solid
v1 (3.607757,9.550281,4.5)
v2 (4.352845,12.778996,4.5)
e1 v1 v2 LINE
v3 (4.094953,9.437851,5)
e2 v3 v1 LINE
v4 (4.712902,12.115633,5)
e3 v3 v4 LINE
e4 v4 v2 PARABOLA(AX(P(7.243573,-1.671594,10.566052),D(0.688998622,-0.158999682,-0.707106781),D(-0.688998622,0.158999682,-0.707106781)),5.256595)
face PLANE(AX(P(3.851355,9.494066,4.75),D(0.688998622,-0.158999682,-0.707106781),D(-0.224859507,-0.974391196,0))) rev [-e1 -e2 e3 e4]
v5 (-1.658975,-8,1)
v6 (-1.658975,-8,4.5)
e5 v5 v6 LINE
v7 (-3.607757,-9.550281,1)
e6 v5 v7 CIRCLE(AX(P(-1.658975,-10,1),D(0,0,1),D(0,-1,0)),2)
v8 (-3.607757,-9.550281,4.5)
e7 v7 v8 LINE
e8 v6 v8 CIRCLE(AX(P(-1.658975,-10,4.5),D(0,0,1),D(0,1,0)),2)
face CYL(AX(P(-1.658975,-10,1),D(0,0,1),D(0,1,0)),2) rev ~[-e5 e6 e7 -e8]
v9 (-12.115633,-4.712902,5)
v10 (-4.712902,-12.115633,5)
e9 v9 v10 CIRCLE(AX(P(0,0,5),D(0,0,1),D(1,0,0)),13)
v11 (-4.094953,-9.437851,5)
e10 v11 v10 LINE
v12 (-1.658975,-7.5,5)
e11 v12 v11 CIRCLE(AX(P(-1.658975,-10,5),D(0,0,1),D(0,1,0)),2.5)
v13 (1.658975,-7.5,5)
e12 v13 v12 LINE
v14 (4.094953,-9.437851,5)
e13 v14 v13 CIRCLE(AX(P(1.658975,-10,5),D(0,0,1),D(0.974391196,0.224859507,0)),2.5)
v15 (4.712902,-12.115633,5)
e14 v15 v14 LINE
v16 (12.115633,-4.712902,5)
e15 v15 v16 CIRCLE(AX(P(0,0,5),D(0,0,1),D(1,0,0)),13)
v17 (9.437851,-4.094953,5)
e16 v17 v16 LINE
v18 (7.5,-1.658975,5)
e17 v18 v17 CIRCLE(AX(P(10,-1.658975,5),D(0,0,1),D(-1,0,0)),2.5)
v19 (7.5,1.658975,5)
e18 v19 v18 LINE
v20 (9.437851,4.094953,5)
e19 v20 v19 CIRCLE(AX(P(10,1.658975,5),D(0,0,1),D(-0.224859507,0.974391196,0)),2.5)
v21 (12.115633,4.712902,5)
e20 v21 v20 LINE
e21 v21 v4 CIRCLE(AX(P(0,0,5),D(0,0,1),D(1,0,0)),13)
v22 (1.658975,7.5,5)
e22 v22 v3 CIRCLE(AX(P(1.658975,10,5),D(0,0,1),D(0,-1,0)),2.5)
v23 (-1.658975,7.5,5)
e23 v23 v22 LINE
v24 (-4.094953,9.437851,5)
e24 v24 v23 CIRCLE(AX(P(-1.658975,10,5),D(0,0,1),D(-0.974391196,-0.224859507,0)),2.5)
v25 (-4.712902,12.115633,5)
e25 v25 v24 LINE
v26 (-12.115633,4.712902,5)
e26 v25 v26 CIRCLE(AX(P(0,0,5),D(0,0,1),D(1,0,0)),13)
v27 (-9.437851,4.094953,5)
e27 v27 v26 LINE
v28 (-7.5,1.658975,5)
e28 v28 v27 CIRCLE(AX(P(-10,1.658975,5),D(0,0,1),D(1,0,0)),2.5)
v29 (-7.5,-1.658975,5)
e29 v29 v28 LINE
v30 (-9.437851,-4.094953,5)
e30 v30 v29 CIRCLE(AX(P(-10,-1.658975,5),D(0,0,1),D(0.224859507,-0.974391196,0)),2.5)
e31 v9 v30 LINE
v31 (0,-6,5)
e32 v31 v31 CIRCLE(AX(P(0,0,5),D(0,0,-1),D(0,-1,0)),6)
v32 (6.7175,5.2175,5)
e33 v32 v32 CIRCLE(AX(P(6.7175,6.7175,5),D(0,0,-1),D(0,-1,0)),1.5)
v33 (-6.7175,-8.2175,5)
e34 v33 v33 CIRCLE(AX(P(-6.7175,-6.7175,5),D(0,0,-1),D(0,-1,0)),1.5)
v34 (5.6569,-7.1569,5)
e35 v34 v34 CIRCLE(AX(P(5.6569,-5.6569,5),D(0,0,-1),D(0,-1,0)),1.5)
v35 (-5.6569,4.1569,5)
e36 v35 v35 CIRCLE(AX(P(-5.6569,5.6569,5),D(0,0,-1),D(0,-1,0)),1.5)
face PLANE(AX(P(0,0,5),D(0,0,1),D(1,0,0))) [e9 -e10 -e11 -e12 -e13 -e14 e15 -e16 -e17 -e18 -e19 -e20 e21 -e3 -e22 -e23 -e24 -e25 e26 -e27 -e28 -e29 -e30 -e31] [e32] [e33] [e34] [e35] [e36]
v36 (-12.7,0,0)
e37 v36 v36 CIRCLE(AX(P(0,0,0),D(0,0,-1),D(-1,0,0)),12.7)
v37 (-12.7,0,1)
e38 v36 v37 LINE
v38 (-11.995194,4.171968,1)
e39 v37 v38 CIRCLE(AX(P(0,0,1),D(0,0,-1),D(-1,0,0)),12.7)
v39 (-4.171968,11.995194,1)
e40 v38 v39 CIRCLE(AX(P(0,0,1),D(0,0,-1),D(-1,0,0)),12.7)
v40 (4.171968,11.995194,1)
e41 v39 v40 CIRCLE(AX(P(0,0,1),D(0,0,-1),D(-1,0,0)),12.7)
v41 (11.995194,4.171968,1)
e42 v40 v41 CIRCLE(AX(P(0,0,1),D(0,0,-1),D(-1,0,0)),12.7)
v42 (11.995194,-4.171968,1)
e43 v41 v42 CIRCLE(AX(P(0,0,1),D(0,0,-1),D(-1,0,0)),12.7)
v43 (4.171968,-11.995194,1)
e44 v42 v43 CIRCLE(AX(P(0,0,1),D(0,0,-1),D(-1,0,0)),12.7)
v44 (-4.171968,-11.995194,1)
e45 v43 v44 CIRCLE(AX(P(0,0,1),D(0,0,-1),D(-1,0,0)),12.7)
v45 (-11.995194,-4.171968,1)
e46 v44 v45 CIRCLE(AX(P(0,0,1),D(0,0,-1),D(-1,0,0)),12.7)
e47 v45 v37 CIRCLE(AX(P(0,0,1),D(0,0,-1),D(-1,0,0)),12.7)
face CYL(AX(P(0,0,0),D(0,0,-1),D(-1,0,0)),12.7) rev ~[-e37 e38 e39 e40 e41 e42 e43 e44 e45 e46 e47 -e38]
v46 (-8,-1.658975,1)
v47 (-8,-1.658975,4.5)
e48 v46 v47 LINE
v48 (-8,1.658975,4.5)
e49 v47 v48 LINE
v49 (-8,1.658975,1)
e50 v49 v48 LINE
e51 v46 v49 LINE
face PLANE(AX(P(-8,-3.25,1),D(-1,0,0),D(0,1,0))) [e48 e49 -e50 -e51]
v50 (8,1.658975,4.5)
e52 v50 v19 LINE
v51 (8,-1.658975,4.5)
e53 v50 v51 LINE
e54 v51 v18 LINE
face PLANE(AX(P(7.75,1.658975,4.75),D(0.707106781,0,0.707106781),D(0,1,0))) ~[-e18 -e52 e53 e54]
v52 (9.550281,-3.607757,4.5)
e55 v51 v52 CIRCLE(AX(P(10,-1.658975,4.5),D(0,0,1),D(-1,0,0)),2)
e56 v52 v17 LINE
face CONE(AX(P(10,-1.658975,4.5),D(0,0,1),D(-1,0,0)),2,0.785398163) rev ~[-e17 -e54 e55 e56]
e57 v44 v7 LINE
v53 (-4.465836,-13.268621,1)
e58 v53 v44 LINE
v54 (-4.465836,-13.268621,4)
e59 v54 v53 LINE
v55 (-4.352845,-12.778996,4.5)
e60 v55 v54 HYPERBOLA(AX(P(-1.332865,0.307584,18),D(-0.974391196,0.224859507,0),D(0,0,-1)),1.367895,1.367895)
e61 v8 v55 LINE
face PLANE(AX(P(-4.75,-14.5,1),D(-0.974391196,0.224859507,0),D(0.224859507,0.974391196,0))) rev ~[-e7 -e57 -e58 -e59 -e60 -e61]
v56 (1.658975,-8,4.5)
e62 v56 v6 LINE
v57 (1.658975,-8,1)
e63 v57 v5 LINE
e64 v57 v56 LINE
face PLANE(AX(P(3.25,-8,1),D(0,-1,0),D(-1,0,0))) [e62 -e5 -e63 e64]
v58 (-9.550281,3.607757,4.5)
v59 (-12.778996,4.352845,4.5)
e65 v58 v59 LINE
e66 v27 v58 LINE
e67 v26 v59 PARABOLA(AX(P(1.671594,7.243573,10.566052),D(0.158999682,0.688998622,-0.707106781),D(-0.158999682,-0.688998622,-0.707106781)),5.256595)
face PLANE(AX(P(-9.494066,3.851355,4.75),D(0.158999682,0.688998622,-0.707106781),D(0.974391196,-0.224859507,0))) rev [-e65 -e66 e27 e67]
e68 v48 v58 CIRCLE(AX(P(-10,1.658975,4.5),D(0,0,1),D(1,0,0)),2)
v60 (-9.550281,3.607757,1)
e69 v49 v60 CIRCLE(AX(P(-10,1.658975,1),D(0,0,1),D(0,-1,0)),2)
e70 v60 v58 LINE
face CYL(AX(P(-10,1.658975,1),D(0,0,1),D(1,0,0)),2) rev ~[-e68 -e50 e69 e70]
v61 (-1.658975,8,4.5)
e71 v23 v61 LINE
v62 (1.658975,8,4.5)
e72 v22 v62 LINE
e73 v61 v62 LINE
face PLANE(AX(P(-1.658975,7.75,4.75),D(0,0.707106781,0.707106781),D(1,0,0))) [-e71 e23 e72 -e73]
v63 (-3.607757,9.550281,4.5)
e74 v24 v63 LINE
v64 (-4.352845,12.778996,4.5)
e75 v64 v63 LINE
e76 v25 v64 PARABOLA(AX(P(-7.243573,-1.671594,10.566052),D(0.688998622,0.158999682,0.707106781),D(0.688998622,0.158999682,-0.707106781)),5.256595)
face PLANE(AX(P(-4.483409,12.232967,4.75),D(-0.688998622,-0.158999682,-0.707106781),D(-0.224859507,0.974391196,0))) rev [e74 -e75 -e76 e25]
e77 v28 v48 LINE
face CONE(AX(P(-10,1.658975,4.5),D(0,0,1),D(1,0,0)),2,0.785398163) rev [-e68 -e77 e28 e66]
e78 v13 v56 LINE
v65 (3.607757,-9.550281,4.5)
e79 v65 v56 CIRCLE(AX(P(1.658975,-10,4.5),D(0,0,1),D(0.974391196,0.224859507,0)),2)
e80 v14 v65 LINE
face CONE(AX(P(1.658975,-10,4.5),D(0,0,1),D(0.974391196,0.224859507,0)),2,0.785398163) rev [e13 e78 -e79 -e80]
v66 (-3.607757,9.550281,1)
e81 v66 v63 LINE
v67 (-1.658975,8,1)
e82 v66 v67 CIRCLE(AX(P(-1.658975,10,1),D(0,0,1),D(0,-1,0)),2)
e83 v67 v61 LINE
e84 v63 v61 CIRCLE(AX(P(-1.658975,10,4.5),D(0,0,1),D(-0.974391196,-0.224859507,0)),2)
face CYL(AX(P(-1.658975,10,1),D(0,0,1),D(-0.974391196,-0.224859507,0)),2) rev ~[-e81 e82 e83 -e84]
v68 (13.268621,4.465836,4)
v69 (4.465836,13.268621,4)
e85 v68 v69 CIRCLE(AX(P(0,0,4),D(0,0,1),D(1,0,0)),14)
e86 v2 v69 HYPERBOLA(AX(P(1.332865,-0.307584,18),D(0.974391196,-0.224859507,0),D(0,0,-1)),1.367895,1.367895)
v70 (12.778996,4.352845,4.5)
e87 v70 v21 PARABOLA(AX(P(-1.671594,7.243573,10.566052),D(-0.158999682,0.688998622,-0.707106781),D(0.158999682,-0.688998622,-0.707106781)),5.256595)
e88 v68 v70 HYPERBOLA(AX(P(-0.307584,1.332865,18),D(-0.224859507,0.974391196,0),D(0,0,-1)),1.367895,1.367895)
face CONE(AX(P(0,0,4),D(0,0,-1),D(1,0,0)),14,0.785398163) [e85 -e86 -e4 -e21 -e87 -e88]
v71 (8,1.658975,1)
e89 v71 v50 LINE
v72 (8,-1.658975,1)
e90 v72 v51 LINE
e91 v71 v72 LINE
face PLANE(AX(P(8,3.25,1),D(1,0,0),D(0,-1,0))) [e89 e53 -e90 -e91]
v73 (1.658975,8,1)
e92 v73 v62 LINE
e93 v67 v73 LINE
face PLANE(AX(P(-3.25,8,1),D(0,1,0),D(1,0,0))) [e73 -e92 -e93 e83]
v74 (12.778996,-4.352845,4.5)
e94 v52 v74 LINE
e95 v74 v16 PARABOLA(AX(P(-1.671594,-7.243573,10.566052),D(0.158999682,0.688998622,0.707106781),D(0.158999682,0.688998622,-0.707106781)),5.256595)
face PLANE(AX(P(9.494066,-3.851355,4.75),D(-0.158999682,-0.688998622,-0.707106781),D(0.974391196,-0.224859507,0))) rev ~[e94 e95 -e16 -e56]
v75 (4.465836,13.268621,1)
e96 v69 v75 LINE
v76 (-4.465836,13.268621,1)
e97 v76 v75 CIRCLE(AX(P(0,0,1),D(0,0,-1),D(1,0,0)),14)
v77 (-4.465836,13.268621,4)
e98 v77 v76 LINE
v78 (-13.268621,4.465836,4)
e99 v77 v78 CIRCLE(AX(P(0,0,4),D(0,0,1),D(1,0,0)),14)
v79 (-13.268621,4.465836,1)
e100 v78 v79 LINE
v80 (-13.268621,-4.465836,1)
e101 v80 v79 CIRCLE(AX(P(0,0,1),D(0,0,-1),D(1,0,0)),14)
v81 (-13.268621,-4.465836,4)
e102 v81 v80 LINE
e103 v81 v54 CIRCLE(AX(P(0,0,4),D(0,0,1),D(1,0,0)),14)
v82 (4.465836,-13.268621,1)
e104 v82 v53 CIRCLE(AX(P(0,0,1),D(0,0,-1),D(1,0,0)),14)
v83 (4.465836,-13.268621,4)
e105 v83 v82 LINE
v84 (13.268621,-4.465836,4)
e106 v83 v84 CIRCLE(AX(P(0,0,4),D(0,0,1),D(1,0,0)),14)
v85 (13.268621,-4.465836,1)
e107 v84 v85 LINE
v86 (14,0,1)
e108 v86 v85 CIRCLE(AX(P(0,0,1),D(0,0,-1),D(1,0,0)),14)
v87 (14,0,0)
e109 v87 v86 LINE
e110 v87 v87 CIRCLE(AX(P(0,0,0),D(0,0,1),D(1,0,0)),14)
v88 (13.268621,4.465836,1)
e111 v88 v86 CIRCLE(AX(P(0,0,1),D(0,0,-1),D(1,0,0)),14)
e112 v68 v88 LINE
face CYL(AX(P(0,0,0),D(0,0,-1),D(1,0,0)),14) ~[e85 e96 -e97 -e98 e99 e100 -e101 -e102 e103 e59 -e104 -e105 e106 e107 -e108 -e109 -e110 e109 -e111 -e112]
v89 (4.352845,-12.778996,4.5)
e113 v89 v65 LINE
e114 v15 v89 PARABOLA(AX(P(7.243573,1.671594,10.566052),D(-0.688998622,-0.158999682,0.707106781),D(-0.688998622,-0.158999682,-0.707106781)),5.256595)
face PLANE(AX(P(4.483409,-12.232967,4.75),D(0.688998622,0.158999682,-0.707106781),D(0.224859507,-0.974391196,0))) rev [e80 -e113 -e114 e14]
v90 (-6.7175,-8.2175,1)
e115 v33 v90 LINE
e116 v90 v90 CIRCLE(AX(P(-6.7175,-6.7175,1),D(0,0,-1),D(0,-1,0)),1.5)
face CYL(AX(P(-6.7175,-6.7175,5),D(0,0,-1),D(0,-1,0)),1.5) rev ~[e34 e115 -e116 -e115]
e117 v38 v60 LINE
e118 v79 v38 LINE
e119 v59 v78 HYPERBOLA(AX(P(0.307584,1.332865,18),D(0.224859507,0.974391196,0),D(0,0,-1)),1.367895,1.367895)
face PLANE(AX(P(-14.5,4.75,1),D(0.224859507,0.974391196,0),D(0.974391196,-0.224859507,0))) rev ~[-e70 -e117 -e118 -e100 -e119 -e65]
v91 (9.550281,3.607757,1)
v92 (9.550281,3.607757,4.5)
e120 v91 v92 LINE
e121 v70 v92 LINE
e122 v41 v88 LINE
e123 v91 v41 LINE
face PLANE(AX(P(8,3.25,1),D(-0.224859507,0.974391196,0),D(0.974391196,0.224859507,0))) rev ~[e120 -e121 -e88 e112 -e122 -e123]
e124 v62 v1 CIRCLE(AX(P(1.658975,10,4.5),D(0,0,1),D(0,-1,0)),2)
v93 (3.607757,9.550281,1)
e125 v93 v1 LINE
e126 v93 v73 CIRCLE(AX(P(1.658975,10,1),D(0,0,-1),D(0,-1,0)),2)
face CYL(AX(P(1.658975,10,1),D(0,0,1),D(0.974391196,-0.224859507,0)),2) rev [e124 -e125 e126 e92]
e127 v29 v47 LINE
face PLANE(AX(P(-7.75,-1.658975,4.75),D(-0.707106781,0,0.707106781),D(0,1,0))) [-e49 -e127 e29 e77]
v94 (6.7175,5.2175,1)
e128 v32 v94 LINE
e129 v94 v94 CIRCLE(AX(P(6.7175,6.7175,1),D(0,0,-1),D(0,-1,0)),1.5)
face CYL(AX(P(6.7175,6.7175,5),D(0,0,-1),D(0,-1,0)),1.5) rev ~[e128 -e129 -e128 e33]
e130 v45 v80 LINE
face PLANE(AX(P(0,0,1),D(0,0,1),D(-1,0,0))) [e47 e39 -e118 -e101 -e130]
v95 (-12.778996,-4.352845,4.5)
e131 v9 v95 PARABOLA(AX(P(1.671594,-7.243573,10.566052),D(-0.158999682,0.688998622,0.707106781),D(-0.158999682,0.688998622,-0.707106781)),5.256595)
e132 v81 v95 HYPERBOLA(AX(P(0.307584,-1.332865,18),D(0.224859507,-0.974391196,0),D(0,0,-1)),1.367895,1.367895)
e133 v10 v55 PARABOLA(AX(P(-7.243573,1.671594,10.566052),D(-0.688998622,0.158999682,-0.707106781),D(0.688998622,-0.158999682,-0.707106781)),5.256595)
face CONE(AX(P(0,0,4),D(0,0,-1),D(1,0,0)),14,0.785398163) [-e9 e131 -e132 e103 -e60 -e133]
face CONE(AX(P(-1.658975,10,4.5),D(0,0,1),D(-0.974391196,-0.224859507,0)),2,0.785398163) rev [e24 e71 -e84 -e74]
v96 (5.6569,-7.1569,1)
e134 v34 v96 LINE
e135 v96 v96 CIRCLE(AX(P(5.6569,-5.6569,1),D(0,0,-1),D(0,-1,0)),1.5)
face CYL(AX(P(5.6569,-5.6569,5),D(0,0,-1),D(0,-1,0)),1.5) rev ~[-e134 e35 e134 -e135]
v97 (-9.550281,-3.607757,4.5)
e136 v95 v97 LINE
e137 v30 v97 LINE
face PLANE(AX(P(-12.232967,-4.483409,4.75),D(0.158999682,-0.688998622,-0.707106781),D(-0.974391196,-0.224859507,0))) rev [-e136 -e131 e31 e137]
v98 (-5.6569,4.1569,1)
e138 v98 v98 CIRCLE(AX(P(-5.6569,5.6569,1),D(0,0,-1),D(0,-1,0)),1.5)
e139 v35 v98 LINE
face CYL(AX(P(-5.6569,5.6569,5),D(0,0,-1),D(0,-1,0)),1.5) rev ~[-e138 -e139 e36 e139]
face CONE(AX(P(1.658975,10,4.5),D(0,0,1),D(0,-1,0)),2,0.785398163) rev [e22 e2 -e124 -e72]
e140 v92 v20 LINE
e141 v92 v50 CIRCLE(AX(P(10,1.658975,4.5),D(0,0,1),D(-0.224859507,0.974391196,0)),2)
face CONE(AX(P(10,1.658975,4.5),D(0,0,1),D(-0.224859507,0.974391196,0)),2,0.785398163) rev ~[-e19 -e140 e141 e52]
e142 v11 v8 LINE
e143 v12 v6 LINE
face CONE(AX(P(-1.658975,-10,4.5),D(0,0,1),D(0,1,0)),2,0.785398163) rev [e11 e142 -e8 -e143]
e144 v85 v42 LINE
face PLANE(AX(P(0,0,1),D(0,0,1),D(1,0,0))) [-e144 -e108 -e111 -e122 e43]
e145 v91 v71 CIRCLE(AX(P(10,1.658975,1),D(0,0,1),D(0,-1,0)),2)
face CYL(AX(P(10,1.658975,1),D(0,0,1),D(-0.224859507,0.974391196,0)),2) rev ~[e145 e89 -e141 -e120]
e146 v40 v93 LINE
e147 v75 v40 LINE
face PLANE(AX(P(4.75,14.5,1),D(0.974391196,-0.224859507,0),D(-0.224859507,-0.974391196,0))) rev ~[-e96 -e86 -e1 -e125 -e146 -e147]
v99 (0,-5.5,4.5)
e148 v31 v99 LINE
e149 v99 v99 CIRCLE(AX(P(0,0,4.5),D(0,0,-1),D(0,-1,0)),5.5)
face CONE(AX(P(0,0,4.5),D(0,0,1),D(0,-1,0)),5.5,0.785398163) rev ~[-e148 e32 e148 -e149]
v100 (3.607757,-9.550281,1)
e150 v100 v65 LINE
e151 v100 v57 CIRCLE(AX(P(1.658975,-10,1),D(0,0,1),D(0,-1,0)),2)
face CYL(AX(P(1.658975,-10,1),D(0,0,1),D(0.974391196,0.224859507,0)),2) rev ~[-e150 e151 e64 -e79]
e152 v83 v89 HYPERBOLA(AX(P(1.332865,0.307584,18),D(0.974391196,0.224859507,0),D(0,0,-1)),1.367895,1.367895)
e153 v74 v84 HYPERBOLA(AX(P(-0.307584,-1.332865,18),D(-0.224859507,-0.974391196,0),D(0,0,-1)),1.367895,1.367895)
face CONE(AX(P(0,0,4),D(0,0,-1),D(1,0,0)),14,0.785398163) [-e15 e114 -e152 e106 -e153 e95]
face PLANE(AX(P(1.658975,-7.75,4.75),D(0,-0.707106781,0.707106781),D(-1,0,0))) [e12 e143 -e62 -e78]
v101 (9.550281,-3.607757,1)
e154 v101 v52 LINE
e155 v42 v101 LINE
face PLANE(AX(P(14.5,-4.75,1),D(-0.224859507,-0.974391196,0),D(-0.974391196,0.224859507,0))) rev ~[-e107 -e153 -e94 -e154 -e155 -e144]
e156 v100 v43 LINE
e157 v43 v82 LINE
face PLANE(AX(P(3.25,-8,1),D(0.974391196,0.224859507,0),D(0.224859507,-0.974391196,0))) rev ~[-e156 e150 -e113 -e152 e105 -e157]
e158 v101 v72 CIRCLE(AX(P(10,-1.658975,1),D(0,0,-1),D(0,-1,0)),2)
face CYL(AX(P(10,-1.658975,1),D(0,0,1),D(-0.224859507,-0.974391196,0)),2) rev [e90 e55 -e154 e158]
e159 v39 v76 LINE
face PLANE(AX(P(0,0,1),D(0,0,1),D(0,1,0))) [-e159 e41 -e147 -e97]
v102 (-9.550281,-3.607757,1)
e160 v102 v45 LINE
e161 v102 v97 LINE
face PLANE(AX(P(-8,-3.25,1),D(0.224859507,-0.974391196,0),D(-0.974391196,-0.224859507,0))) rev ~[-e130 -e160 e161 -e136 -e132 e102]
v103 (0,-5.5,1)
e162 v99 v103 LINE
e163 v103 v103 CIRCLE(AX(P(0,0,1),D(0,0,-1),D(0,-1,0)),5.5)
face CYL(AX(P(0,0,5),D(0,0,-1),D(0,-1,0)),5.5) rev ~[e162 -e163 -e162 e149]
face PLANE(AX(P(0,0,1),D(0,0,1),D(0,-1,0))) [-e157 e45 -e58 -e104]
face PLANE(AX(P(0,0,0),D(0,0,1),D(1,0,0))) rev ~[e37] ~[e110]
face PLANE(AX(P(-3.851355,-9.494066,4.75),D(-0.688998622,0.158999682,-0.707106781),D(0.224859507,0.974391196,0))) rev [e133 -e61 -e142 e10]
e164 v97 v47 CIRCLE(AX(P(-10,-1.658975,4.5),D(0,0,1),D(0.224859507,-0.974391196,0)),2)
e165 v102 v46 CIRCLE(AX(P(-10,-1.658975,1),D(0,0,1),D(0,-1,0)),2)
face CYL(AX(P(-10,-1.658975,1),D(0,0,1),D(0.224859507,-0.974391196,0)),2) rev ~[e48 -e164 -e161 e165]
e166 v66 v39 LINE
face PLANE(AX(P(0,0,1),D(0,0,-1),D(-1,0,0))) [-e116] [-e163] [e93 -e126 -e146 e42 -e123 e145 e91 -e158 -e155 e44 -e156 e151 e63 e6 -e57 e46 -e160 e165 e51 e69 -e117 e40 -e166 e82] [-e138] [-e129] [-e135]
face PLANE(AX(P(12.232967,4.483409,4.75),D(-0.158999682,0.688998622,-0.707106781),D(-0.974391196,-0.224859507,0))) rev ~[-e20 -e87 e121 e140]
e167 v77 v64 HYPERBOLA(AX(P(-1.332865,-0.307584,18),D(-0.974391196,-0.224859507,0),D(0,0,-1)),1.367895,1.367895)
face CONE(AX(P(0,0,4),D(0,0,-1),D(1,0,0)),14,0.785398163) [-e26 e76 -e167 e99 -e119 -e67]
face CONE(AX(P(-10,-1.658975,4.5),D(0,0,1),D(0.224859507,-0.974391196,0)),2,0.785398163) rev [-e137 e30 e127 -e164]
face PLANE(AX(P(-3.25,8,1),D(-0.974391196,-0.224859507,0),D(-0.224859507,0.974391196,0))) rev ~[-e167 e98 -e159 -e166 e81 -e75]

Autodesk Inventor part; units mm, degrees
ref_plane "YZ Plane" through (0, 0, 0) normal (1, 0, 0) x (0, 1, 0)
ref_plane "XZ Plane" through (0, 0, 0) normal (0, 1, 0) x (-1, 0, 0)
sketch "Sketch1" plane through (0, 0, 0) normal (0, 0, 1) x (1, 0, 0)
  circle A0 centre (0, 0) radius 14
  dimension "d0" = 28
extrude "Extrusion1" add sketch "Sketch1" along normal blind 5
chamfer "Chamfer1" distance 1 angle 45 1 edges at (-14, 0, 5)
ref_plane "Work Plane1" through (0, 0, 1) normal (0, 0, 1) x (1, 0, 0)
sketch "Sketch2" plane through (0, 0, 1) normal (0, 0, 1) x (1, 0, 0)
  line L0 (8, 3.25) -> (8, -3.25)
  line L1 (8, 3.25) -> (14.5, 4.75)
  line L2 (14.5, 4.75) -> (14.5, -4.75)
  line L3 (14.5, -4.75) -> (8, -3.25)
  point P0 (0, 0)
  dimension "d7" = 8
  dimension "d8" = 6.5
  dimension "d9" = 3.25
  dimension "d10" = 9.5
  dimension "d11" = 4.75
  dimension "d12" = 6.5
extrude "Extrusion2" cut sketch "Sketch2" along normal blind 5
fillet "Fillet1" radius 2 2 edges at (8, 3.25, 3) (8, -3.25, 3)
chamfer "Chamfer2" distance 0.5 angle 45 5 edges at (10.9197, 3.9238, 5) (8.4348, 2.9041, 5) (8, 0, 5) (8.4348, -2.9041, 5) (10.9197, -3.9238, 5)
pattern_circular "Circular Pattern1" count 4 over 360 about axis through (0, 0, -10) along (0, 0, 1) of "Extrusion2", "Fillet1", "Chamfer2"
sketch "Sketch3" plane through (0, 0, 0) normal (0, 0, -1) x (-1, 0, 0)
  circle A0 centre (0, 0) radius 14 projected
  circle A1 centre (0, 0) radius 12.7
  dimension "d22" = 1.3
extrude "Extrusion3" cut sketch "Sketch3" against normal blind 1 contours A1
sketch "Sketch4" plane through (0, 0, 5) normal (0, 0, 1) x (1, 0, 0)
  arc A0 (-12.1156, -4.7129) -> (-4.7129, -12.1156) centre (0, 0) ccw projected
hole "Hole1" at (0, 0, 5) direction (0, 0, -1) diameter 11 end through all
chamfer "Chamfer3" distance 0.5 angle 45 1 edges at (0, 5.5, 5)
sketch "Sketch5" plane through (0, 0, 5) normal (0, 0, 1) x (1, 0, 0)
  line L0 (1.659, -7.5) -> (-1.659, -7.5) projected
  circle A0 centre (0, 0) radius 6 projected
  line L1 (0, 0) -> (-5.6569, 5.6569)
  line L2 (0, 0) -> (-17.4716, 0) construction
  line L3 (0, 0) -> (5.6569, -5.6569) construction
  line L4 (0, 0) -> (6.7175, 6.7175) construction
  line L5 (0, 0) -> (-6.7175, -6.7175) construction
  dimension "d35" = 8
  dimension "d36" = 45
  dimension "d37" = 8
  dimension "d38" = 9.5
  dimension "d39" = 9.5
hole "Hole2" at (-5.6569, 5.6569, 5) at (5.6569, -5.6569, 5) at (-6.7175, -6.7175, 5) at (6.7175, 6.7175, 5) direction (0, 0, -1) diameter 3 end through all
properties part number "base"
